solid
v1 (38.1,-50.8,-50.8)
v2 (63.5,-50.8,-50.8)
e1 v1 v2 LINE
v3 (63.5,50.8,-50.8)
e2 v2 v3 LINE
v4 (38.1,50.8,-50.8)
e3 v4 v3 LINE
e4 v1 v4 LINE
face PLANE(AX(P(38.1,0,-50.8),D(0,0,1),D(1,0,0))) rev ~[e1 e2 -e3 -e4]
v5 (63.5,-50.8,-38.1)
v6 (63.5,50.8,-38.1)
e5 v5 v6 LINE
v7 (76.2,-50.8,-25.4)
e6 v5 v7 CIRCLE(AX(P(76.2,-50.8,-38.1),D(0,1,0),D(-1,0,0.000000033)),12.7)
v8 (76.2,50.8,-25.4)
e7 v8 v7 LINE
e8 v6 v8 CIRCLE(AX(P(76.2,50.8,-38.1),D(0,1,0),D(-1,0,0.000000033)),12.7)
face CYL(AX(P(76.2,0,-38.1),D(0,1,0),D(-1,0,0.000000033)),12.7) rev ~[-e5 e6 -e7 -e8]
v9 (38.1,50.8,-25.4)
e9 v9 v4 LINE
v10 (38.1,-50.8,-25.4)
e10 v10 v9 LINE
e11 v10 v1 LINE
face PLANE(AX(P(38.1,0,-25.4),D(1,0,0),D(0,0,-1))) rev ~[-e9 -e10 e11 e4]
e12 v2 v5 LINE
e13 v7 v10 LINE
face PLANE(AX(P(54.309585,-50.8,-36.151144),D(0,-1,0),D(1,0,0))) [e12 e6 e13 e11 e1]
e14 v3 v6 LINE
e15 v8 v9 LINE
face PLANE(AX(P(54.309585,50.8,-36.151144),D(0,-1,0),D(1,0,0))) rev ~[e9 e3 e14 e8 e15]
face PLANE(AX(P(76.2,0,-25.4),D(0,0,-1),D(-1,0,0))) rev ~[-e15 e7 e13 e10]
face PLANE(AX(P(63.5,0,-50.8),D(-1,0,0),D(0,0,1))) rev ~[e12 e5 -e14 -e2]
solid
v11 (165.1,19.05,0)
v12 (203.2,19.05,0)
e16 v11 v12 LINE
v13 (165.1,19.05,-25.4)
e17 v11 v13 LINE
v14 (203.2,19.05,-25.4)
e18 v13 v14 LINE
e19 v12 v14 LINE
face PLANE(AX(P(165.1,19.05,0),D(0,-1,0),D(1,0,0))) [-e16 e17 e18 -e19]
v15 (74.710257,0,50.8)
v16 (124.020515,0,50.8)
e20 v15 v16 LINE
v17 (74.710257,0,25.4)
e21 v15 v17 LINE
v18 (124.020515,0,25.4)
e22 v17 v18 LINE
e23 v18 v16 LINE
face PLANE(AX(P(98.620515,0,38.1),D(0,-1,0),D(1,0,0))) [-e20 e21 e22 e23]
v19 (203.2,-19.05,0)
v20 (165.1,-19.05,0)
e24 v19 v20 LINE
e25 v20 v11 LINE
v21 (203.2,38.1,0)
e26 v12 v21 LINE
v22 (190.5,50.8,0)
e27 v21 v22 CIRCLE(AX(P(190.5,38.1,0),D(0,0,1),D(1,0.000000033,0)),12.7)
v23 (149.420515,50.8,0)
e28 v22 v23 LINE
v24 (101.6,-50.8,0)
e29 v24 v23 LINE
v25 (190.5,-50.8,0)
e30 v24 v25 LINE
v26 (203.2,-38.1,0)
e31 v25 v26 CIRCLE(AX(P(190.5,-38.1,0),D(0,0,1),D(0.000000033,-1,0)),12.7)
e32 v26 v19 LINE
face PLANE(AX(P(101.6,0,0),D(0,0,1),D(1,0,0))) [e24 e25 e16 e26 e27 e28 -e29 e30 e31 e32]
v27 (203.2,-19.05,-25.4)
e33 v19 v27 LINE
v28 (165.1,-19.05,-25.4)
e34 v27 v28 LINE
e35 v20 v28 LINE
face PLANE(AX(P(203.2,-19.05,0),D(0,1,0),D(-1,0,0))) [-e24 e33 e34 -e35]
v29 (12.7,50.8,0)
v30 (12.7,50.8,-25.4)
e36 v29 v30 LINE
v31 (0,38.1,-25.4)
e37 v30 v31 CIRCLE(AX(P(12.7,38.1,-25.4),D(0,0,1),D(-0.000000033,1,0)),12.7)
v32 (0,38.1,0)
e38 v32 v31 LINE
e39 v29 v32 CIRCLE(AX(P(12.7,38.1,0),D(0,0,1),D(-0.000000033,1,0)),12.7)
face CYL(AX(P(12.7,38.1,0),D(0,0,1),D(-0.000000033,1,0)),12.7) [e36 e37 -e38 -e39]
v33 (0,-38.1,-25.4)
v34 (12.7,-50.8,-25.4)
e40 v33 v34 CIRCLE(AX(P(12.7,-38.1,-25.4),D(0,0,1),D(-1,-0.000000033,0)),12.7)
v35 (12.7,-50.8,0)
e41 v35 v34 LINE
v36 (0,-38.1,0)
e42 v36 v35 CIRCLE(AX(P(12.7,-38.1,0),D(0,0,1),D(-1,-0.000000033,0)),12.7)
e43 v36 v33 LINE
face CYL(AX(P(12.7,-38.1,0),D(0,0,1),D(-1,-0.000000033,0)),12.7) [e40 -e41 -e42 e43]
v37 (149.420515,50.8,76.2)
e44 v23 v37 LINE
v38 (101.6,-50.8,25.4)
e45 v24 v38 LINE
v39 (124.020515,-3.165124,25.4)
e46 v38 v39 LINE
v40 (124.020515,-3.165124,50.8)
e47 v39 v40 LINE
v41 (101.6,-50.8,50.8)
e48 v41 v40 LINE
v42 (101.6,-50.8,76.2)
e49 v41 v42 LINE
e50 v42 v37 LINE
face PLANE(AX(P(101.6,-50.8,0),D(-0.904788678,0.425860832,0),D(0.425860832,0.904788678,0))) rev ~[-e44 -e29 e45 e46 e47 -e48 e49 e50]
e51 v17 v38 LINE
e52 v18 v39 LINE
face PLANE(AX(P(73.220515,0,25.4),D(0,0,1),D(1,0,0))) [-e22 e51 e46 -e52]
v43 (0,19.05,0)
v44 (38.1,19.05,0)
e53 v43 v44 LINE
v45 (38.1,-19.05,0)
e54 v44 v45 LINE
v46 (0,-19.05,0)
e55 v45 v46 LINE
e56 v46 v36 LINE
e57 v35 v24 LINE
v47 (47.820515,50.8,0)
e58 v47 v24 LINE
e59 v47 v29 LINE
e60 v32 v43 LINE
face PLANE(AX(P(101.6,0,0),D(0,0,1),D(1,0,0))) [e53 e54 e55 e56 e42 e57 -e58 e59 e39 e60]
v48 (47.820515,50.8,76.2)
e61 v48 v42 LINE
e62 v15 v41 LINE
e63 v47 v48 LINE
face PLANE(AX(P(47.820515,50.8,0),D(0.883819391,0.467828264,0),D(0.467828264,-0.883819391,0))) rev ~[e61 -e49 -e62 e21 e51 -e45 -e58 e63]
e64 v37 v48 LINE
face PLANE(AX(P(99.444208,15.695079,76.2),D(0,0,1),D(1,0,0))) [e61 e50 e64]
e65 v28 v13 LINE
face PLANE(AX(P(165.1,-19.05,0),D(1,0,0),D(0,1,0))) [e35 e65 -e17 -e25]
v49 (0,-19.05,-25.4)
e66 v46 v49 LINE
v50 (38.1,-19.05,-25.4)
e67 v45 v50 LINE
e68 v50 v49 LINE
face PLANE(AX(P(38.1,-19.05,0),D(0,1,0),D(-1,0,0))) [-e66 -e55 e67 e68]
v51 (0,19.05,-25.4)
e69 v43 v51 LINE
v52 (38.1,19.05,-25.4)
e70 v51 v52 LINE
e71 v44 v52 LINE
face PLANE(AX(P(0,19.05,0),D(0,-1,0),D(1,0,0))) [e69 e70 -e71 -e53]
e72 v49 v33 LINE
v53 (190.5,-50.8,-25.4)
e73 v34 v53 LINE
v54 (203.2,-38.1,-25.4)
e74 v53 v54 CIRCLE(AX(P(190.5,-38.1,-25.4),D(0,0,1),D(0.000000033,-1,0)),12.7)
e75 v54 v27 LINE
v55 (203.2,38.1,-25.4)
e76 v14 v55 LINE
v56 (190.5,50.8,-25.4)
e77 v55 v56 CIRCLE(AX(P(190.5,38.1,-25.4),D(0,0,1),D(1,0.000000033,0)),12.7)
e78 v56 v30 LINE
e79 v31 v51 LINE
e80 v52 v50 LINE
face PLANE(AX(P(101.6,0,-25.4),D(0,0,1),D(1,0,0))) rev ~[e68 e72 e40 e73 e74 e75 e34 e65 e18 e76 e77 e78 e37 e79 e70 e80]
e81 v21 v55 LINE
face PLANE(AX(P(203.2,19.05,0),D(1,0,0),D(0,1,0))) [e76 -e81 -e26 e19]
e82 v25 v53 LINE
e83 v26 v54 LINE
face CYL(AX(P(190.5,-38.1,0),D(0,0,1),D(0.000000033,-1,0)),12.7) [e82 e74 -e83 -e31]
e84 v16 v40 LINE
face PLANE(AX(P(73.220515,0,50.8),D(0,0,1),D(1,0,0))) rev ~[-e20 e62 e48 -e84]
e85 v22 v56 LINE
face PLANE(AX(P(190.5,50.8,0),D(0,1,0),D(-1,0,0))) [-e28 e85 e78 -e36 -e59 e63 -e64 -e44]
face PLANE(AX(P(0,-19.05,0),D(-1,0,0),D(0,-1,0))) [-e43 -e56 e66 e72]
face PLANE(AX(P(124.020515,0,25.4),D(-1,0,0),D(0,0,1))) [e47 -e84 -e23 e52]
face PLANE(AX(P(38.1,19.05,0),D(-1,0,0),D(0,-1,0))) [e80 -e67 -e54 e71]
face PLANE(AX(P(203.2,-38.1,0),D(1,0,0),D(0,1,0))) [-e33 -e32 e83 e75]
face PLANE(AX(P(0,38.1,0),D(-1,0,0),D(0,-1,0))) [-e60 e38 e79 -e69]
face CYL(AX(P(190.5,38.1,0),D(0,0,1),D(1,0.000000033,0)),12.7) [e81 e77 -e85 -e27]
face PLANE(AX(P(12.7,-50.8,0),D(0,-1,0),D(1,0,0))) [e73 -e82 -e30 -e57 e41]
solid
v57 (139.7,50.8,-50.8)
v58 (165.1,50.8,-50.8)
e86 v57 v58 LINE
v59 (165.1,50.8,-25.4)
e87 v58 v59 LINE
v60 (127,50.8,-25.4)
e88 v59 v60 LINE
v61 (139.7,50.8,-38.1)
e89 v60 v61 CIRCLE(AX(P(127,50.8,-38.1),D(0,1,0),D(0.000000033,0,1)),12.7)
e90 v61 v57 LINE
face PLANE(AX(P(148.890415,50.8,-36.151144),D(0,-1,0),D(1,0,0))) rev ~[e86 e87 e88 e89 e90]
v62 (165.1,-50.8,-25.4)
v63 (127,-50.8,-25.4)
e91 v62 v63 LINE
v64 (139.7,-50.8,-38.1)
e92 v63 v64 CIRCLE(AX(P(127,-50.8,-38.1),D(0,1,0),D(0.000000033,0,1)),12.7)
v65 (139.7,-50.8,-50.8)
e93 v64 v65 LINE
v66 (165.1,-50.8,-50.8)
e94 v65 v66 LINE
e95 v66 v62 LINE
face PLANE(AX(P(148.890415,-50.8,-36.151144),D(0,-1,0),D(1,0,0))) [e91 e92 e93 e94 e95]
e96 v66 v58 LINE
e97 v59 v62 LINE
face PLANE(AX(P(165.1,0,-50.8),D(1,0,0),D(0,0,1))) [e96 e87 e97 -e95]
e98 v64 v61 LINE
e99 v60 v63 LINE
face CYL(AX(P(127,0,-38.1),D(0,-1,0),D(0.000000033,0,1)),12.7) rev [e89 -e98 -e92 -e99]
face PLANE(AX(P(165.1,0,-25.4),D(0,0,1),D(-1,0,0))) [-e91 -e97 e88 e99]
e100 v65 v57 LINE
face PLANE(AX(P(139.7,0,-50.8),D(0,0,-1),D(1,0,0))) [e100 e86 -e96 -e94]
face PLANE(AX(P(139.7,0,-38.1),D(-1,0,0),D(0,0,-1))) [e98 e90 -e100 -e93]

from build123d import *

# Parameters (mm, degrees)
F1_DEPTH = 50.8
F2_W     = 38.1
F2_H     = 25.4
F3_DEPTH = 19.05
F5_DEPTH = 25.4
F7_DEPTH = 76.2
F8_W     = 50.8
F8_H     = 25.4
F9_DEPTH = 50.801


with BuildPart() as f1:
    # F0 (on Front) → F1 (new body, symmetric)
    with BuildSketch(Plane.XZ):
        with BuildLine():
            ThreePointArc((63.5, -38.1), (67.219744, -29.119744), (76.2, -25.4))
            Line((76.2, -25.4), (38.1, -25.4))
            Line((38.1, -25.4), (38.1, -50.8))
            Line((38.1, -50.8), (63.5, -50.8))
            Line((63.5, -50.8), (63.5, -38.1))
        make_face()
        with BuildLine():
            Line((165.1, -50.8), (165.1, -25.4))
            Line((165.1, -25.4), (127, -25.4))
            ThreePointArc((127, -25.4), (135.980256, -29.119744), (139.7, -38.1))
            Line((139.7, -38.1), (139.7, -50.8))
            Line((139.7, -50.8), (165.1, -50.8))
        make_face()
    extrude(amount=F1_DEPTH, both=True)

    # F2 (on Front) → F3 (cut, symmetric)
    with BuildSketch(Plane.XZ):
        with Locations((19.05, -12.7)):
            Rectangle(F2_W, F2_H)
        with Locations((184.15, -12.7)):
            Rectangle(F2_W, F2_H)
    extrude(amount=F3_DEPTH, both=True, mode=Mode.SUBTRACT)


with BuildPart() as f5:
    # F4 (on Top) → F5 (new body)
    with BuildSketch(Plane.XY):
        with BuildLine():
            ThreePointArc((0, -38.1), (3.719744, -47.080256), (12.7, -50.8))
            Line((12.7, -50.8), (190.5, -50.8))
            ThreePointArc((190.5, -50.8), (199.480256, -47.080256), (203.2, -38.1))
            Line((203.2, -38.1), (203.2, -19.05))
            Line((203.2, -19.05), (165.1, -19.05))
            Line((165.1, -19.05), (165.1, 19.05))
            Line((165.1, 19.05), (203.2, 19.05))
            Line((203.2, 19.05), (203.2, 38.1))
            ThreePointArc((203.2, 38.1), (199.480256, 47.080256), (190.5, 50.8))
            Line((190.5, 50.8), (12.7, 50.8))
            ThreePointArc((12.7, 50.8), (3.719744, 47.080256), (0, 38.1))
            Line((0, 38.1), (0, 19.05))
            Line((0, 19.05), (38.1, 19.05))
            Line((38.1, 19.05), (38.1, -19.05))
            Line((38.1, -19.05), (0, -19.05))
            Line((0, -19.05), (0, -38.1))
        make_face()
    extrude(amount=-F5_DEPTH)

    # F6 (on Top) → F7 (join)
    with BuildSketch(Plane.XY):
        Polygon((149.420515, 50.8), (47.820515, 50.8), (101.6, -50.8), align=None)
    extrude(amount=F7_DEPTH)

    # F8 (on Front) → F9 (cut, through all)
    with BuildSketch(Plane.XZ):
        with Locations((98.620515, 38.1)):
            Rectangle(F8_W, F8_H)
    extrude(amount=F9_DEPTH, mode=Mode.SUBTRACT)


solid = Compound([f1.part, f5.part])
